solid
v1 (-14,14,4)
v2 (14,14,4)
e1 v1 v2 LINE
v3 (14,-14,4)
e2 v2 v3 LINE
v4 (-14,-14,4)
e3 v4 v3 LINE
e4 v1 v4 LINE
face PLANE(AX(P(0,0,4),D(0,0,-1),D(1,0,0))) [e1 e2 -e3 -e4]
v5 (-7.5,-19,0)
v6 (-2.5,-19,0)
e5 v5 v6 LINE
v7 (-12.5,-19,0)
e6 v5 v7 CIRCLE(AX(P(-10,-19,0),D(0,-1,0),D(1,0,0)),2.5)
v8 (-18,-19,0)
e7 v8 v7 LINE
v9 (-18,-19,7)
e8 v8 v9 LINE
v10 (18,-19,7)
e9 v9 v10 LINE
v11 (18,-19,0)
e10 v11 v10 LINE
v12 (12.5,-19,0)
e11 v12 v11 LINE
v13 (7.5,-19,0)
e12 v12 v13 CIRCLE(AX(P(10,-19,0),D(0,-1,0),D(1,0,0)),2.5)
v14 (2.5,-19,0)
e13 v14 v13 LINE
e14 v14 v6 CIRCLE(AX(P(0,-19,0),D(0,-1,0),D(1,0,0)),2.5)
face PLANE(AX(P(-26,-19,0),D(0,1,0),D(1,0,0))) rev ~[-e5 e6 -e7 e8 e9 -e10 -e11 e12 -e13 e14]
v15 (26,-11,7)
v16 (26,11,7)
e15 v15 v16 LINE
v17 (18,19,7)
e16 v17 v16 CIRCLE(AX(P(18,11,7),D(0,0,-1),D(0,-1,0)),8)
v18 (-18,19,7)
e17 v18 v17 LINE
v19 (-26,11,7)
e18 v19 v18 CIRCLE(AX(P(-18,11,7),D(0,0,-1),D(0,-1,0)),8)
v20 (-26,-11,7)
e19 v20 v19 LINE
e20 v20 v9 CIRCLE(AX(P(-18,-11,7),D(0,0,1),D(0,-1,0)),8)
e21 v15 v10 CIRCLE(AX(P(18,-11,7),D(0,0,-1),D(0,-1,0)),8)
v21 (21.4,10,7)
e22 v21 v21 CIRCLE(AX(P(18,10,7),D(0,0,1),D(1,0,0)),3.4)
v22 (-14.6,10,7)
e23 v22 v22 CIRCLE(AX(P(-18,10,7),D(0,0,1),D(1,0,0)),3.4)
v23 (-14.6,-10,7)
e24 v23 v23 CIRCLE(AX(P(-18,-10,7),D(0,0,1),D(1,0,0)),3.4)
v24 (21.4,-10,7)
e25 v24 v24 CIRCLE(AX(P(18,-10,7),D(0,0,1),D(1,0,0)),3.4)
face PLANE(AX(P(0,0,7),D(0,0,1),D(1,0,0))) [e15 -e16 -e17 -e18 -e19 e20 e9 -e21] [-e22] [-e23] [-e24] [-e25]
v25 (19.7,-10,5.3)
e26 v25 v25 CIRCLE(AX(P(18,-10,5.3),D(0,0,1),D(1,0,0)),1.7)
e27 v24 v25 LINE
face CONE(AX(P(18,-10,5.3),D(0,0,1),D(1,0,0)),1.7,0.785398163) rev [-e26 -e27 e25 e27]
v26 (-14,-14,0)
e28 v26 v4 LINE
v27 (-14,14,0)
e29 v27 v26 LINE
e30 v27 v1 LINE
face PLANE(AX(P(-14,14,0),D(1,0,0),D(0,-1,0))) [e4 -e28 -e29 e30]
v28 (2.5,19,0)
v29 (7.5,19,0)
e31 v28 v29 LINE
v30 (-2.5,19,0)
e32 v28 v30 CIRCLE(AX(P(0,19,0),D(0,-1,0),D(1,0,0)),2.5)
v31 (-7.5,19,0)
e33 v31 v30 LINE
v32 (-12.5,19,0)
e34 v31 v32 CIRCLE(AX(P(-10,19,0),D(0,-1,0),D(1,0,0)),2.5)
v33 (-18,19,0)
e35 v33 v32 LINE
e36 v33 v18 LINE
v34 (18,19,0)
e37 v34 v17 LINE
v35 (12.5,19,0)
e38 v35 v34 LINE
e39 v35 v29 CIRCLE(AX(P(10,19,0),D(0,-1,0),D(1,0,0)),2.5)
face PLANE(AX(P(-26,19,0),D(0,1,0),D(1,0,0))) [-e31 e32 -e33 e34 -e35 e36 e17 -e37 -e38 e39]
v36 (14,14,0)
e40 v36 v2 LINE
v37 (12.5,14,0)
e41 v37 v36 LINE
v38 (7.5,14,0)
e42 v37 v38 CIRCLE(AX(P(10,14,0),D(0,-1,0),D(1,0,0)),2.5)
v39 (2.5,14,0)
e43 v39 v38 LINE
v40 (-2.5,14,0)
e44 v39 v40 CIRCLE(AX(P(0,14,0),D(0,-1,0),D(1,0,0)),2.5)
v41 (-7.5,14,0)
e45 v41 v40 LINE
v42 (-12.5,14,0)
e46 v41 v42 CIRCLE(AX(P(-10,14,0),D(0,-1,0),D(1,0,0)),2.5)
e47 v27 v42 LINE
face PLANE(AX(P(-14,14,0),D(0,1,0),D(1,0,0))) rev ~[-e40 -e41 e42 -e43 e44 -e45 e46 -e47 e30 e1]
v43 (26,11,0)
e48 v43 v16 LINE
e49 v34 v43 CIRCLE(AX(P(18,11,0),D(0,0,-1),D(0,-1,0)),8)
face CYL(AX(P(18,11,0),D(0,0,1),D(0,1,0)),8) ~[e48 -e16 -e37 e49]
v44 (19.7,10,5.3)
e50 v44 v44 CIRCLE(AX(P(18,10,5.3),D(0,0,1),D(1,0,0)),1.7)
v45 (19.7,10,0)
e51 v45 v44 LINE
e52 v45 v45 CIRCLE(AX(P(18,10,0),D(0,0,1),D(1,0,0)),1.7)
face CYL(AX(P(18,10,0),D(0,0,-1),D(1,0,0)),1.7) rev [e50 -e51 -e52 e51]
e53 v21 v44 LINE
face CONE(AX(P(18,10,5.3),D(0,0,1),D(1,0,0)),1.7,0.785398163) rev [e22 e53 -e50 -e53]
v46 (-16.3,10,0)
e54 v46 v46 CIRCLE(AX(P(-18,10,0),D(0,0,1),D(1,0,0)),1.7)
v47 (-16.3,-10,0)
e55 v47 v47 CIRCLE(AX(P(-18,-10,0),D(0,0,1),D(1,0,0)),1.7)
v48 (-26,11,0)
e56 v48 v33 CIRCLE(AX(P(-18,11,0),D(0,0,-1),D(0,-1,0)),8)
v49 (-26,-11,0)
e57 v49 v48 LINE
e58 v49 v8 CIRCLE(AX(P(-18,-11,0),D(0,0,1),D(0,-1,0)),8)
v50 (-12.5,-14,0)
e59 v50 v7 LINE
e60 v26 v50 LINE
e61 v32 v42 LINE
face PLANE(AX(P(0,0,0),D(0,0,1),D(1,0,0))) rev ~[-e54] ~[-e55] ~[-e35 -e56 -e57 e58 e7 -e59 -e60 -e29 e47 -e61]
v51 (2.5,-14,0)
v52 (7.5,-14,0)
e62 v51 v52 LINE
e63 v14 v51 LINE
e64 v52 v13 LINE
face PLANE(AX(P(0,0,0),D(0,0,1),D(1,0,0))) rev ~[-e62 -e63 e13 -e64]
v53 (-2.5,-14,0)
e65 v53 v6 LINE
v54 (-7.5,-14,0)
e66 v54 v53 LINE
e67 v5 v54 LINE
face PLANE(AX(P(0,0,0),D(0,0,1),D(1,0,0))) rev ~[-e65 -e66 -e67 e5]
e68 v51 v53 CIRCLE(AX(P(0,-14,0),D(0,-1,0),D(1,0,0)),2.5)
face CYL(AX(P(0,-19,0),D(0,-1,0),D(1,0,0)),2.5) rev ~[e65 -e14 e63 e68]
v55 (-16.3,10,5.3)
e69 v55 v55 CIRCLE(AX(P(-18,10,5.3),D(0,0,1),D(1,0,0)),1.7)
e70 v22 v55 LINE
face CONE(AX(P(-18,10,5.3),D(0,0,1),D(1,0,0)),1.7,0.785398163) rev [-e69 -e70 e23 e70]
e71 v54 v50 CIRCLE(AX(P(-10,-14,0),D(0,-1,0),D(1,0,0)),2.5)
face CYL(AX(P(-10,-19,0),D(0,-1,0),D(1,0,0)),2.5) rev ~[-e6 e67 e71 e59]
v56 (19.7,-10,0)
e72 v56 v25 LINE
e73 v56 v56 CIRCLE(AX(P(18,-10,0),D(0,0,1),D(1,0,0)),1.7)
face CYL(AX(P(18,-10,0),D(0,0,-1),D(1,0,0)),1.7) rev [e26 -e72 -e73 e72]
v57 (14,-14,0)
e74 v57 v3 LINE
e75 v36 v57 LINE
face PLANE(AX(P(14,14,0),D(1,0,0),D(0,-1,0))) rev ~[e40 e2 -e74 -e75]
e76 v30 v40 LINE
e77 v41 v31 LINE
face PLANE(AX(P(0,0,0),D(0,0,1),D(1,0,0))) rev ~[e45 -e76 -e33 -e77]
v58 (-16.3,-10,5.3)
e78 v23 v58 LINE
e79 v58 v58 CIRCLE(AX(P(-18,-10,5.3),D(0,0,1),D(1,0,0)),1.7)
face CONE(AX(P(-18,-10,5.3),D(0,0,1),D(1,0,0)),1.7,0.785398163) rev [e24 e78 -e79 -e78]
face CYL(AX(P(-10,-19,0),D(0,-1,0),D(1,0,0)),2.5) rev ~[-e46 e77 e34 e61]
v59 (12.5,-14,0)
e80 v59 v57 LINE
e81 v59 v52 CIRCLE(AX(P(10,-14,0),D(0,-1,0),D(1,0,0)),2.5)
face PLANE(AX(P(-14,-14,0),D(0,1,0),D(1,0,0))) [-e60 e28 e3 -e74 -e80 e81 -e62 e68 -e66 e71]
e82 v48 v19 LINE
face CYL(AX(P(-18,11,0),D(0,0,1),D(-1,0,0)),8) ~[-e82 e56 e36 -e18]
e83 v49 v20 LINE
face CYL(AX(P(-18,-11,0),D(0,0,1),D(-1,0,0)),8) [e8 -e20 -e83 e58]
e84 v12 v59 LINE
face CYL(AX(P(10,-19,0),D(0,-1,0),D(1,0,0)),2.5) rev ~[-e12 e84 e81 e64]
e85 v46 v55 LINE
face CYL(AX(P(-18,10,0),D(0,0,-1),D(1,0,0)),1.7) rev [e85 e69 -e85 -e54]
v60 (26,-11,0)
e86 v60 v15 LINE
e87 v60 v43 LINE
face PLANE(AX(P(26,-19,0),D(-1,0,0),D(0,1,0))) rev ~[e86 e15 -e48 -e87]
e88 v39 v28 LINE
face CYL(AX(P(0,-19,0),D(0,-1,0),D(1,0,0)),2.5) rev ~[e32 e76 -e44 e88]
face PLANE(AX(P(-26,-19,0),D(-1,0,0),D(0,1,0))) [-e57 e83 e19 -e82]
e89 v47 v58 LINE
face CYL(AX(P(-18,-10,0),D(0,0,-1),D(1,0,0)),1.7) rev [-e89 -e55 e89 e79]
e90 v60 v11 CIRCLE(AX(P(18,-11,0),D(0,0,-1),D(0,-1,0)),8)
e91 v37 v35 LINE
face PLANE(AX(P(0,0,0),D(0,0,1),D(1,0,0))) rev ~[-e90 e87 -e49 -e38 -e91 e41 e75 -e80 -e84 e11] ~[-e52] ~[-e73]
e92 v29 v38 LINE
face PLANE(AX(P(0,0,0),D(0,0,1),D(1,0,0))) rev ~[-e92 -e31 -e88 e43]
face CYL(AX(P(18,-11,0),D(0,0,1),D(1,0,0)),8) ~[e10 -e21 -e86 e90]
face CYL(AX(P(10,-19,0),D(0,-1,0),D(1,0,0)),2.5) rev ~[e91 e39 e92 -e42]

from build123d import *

# Parameters (mm, degrees)
SKETCH_W        = 52
SKETCH_H        = 38
SKETCH_R        = 1.7
PAD_DEPTH       = 7
SKETCH001_R     = 2.5
POCKET_DEPTH    = 38.001
SKETCH002_W     = 28
SKETCH002_H     = 28
POCKET001_DEPTH = 4
FILLET_R        = 8
FILLET001_R     = 8
FILLET002_R     = 8
FILLET003_R     = 8
CHAMFER_SIZE    = 1.7
CHAMFER001_SIZE = 1.7
CHAMFER002_SIZE = 1.7
CHAMFER003_SIZE = 1.7


with BuildPart() as part:
    # Sketch → Pad (new body)
    with BuildSketch(Plane.XY):
        Rectangle(SKETCH_W, SKETCH_H)
        with Locations((-18, 10)):
            Circle(SKETCH_R, mode=Mode.SUBTRACT)
        with Locations((18, 10)):
            Circle(SKETCH_R, mode=Mode.SUBTRACT)
        with Locations((-18, -10)):
            Circle(SKETCH_R, mode=Mode.SUBTRACT)
        with Locations((18, -10)):
            Circle(SKETCH_R, mode=Mode.SUBTRACT)
    extrude(amount=PAD_DEPTH)

    # Sketch001 → Pocket (cut, through all)
    with BuildSketch(Plane.XZ.offset(19)):
        with Locations((-10, 0)):
            Circle(SKETCH001_R)
        Circle(SKETCH001_R)
        with Locations((10, 0)):
            Circle(SKETCH001_R)
    extrude(amount=-POCKET_DEPTH, mode=Mode.SUBTRACT)

    # Sketch002 → Pocket001 (cut)
    with BuildSketch(Plane(origin=(0, 0, 0), x_dir=(1, 0, 0), z_dir=(0, 0, -1))):
        Rectangle(SKETCH002_W, SKETCH002_H)
    extrude(amount=-POCKET001_DEPTH, mode=Mode.SUBTRACT)

    # Fillet
    fillet_edges = [part.edges().sort_by_distance(p)[0] for p in [
        (-26, -19, 3.5),
    ]]
    fillet(fillet_edges, radius=FILLET_R)

    # Fillet001
    fillet001_edges = [part.edges().sort_by_distance(p)[0] for p in [
        (-26, 19, 3.5),
    ]]
    fillet(fillet001_edges, radius=FILLET001_R)

    # Fillet002
    fillet002_edges = [part.edges().sort_by_distance(p)[0] for p in [
        (26, 19, 3.5),
    ]]
    fillet(fillet002_edges, radius=FILLET002_R)

    # Fillet003
    fillet003_edges = [part.edges().sort_by_distance(p)[0] for p in [
        (26, -19, 3.5),
    ]]
    fillet(fillet003_edges, radius=FILLET003_R)

    # Chamfer
    chamfer_edges = [part.edges().sort_by_distance(p)[0] for p in [
        (16.3, -10, 7),
    ]]
    chamfer(chamfer_edges, length=CHAMFER_SIZE)

    # Chamfer001
    chamfer001_edges = [part.edges().sort_by_distance(p)[0] for p in [
        (16.3, 10, 7),
    ]]
    chamfer(chamfer001_edges, length=CHAMFER001_SIZE)

    # Chamfer002
    chamfer002_edges = [part.edges().sort_by_distance(p)[0] for p in [
        (-19.7, 10, 7),
    ]]
    chamfer(chamfer002_edges, length=CHAMFER002_SIZE)

    # Chamfer003
    chamfer003_edges = [part.edges().sort_by_distance(p)[0] for p in [
        (-19.7, -10, 7),
    ]]
    chamfer(chamfer003_edges, length=CHAMFER003_SIZE)


solid = part.part
